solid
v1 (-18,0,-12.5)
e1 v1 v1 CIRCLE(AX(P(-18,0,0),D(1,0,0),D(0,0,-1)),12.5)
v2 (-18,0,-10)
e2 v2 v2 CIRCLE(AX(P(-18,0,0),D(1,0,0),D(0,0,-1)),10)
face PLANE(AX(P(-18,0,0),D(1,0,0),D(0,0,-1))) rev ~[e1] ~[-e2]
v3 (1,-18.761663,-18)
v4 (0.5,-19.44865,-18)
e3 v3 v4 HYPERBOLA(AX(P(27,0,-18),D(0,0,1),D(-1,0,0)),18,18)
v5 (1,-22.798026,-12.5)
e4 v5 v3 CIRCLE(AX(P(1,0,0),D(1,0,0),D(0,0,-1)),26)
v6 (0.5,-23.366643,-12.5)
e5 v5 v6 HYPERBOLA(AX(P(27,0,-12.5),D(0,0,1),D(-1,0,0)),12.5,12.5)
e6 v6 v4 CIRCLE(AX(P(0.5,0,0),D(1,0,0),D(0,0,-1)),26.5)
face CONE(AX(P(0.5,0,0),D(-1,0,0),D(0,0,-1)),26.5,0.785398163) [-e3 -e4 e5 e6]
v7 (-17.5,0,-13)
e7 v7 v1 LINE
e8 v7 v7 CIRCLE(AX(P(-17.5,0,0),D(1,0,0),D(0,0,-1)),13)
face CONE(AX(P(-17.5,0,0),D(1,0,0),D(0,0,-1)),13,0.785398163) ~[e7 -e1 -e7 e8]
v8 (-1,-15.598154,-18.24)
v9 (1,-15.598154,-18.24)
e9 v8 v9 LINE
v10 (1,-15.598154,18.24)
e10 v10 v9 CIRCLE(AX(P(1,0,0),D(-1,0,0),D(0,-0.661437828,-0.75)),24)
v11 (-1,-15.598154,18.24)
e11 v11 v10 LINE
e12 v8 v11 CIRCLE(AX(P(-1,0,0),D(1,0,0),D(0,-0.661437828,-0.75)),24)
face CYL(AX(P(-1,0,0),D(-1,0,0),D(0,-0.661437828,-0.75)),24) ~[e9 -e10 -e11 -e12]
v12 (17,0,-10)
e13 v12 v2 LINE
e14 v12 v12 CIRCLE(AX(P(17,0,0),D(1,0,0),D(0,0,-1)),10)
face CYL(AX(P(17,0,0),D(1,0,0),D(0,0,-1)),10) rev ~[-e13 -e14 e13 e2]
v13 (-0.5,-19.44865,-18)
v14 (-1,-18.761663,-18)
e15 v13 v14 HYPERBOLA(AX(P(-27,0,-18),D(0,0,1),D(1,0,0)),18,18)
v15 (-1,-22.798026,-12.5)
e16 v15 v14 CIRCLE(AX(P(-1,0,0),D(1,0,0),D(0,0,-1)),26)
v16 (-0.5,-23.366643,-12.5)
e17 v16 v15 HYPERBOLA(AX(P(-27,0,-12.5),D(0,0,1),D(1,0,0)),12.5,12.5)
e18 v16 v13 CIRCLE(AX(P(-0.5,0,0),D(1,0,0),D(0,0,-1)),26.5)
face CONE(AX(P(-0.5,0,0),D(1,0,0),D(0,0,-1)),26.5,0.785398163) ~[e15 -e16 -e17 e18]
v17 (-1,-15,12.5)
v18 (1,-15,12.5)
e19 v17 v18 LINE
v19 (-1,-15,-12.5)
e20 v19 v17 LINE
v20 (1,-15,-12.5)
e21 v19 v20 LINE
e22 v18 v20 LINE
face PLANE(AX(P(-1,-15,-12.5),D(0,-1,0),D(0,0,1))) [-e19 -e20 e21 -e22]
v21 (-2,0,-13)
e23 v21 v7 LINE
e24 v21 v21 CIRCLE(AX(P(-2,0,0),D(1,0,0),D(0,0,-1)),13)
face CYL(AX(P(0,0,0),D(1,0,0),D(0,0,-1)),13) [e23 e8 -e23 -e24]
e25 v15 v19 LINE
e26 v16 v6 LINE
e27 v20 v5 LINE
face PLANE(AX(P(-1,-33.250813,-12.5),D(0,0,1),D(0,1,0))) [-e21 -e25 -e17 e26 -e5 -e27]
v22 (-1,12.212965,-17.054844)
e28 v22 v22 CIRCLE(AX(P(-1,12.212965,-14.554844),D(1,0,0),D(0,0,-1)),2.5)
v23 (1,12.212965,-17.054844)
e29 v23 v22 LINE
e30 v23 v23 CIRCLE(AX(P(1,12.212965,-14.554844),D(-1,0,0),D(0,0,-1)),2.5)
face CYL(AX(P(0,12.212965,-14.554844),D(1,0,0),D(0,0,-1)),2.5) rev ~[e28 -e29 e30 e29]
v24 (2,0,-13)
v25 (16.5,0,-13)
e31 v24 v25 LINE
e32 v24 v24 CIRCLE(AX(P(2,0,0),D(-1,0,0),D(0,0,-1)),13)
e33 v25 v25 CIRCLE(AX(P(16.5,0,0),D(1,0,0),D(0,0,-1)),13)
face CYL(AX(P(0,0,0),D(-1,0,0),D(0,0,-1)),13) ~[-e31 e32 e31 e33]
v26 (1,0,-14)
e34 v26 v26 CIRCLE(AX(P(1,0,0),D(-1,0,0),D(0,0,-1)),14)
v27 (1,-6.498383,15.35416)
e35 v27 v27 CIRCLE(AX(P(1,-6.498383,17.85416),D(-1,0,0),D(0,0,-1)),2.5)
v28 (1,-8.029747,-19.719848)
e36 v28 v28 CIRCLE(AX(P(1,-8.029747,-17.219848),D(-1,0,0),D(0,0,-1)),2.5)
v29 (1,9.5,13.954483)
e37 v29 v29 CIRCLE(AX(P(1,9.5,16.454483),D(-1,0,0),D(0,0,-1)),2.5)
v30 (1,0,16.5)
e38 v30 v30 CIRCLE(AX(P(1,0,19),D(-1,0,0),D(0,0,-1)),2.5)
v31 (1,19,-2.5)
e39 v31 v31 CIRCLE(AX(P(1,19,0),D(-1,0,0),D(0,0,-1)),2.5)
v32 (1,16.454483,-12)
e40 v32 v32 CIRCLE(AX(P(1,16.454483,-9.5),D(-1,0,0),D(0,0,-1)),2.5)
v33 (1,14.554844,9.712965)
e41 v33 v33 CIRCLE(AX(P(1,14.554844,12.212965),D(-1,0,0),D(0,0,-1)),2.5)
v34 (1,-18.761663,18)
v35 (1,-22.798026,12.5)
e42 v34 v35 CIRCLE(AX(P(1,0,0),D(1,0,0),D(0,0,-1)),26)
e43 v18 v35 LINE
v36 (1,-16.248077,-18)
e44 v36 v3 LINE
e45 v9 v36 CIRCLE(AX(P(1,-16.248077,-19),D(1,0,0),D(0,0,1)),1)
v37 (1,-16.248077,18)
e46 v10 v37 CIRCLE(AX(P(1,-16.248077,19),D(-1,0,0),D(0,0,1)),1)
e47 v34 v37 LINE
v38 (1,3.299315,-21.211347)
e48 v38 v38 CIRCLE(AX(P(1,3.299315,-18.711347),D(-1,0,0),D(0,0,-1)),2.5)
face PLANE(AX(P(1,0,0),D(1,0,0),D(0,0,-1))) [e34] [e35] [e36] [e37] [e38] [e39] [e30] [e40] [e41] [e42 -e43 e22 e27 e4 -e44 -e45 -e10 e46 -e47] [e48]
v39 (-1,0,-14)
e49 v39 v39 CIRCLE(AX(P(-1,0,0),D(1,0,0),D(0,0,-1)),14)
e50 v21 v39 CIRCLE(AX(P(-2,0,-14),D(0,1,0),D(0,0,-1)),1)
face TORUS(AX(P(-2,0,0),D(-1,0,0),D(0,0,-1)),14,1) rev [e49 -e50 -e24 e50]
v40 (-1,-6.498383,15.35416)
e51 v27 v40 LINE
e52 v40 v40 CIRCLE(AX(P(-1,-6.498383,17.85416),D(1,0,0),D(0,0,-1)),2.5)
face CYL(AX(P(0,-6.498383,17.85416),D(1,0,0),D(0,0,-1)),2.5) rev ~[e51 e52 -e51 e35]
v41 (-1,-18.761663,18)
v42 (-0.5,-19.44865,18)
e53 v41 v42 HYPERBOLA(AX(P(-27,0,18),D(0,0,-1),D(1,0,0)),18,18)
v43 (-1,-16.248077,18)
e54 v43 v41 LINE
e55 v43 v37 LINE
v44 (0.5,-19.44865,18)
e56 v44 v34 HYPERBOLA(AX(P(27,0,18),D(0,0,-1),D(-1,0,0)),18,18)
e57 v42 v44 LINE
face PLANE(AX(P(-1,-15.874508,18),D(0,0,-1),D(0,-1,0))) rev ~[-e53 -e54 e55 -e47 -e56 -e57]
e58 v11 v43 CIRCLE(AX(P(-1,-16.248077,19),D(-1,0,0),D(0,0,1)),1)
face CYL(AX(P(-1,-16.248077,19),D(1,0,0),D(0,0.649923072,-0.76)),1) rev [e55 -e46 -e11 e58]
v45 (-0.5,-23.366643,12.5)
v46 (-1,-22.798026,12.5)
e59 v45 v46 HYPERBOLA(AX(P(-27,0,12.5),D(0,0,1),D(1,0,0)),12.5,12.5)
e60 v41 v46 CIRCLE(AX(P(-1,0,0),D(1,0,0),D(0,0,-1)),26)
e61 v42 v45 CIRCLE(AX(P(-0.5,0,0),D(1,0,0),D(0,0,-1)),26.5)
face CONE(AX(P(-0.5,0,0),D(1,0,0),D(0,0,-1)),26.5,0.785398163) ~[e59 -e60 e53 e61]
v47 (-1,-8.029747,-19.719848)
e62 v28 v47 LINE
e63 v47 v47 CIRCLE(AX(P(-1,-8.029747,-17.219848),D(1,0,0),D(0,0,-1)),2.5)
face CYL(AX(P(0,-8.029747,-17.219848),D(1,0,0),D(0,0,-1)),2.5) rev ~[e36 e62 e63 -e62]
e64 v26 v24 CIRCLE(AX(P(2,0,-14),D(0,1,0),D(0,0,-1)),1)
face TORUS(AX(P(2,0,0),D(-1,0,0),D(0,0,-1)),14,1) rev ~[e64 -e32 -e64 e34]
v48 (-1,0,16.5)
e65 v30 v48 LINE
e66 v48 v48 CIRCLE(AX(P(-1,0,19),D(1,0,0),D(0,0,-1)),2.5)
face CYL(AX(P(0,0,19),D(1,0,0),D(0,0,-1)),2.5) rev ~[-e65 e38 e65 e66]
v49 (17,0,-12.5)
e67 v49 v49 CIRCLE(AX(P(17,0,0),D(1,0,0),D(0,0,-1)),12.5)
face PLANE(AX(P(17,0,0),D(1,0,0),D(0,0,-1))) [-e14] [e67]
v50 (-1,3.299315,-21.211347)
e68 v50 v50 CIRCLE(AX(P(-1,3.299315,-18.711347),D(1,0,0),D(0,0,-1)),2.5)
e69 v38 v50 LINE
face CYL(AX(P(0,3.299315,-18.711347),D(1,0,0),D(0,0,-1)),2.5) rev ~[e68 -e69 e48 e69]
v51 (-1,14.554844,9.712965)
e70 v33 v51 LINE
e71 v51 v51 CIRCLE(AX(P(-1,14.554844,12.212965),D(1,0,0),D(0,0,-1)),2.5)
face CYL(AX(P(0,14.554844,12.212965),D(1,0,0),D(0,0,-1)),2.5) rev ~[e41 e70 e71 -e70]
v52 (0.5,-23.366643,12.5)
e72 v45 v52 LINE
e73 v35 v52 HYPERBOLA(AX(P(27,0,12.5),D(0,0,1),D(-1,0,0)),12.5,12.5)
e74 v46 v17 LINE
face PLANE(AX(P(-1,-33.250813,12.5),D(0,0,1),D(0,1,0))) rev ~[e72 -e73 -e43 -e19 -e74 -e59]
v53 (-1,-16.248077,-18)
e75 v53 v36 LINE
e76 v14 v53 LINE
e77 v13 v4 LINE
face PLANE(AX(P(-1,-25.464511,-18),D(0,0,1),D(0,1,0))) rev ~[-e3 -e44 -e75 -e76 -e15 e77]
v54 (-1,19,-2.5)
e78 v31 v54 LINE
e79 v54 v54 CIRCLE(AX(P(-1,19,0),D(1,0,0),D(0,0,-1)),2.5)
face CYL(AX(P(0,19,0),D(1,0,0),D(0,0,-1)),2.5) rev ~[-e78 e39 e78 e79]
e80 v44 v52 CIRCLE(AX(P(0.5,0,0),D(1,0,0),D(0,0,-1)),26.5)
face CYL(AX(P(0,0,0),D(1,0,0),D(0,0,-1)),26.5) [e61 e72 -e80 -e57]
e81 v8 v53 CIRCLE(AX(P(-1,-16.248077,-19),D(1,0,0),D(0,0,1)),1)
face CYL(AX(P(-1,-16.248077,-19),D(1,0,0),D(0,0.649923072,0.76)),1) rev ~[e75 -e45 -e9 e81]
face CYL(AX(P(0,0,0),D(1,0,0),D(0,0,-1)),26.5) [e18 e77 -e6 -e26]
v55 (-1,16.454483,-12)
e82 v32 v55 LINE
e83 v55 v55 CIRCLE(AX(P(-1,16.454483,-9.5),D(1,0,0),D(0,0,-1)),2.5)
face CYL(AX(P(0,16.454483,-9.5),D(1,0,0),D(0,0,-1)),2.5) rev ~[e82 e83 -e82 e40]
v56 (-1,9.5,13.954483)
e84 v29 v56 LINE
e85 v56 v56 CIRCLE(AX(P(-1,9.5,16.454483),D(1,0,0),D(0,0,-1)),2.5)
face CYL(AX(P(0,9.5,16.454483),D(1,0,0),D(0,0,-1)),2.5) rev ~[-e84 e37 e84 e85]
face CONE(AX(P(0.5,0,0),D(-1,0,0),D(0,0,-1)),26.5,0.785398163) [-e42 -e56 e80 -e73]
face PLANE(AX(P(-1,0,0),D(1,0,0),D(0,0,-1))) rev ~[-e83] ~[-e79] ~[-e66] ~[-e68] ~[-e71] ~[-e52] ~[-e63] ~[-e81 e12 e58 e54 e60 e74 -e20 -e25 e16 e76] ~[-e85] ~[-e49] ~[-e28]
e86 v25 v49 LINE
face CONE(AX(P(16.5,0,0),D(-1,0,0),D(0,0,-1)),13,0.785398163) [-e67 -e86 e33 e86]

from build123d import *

# Parameters (mm, degrees)
SKETCH1_R                       = 13
BOSS_EXTRUDE1_DEPTH             = 17
SKETCH2_R                       = 26.5
BOSS_EXTRUDE2_DEPTH             = 1
CHAMFER1_SIZE                   = 0.5
SKETCH4_R                       = 2.5
WYTNIJ_WYCI_GNI_CIE1_DEPTH      = 18
WYTNIJ_WYCI_GNI_CIE1_DEPTH_BACK = 2
SKETCH1_3_R                     = 13
DODANIE_WYCI_GNI_CIE1_DEPTH     = 18
SZKIC5_R                        = 10
WYTNIJ_WYCI_GNI_CIE2_DEPTH      = 40
WYTNIJ_WYCI_GNI_CIE3_DEPTH      = 40
SFAZOWANIE1_SIZE                = 0.5
ZAOKR_GLENIE1_R                 = 1
SZKIC7_W                        = 25
SZKIC7_H                        = 18.250813048
WYTNIJ_WYCI_GNI_CIE4_DEPTH      = 10
ZAOKR_GLENIE2_R                 = 1


with BuildPart() as part:
    # Sketch1 → Boss-Extrude1 (new body)
    with BuildSketch(Plane(origin=(0, 0, 0), x_dir=(0, 0, -1), z_dir=(1, 0, 0))):
        Circle(SKETCH1_R)
    extrude(amount=BOSS_EXTRUDE1_DEPTH)

    # Sketch2 → Boss-Extrude2 (add, symmetric)
    with BuildSketch(Plane(origin=(0, 0, 0), x_dir=(0, 0, -1), z_dir=(1, 0, 0))):
        Circle(SKETCH2_R)
    extrude(amount=BOSS_EXTRUDE2_DEPTH, both=True)

    # Chamfer1
    chamfer1_edges = [part.edges().sort_by_distance(p)[0] for p in [
        (17, 0, 13),
        (-1, 0, 26.5),
        (1, 0, 26.5),
    ]]
    chamfer(chamfer1_edges, length=CHAMFER1_SIZE)

    # Sketch4 → Wytnij-wyci_gni_cie1 (cut, two sides)
    with BuildSketch(Plane(origin=(0, 0, 0), x_dir=(0, 0, -1), z_dir=(1, 0, 0))) as wytnij_wyci_gni_cie1_sk:
        with Locations((17.219847954, -8.029746973)):
            Circle(SKETCH4_R)
        with Locations((-19, 0)):
            Circle(SKETCH4_R)
        with Locations((14.554844419, 12.212964584)):
            Circle(SKETCH4_R)
        with Locations((0, 19)):
            Circle(SKETCH4_R)
        with Locations((-17.854159795, -6.498382723)):
            Circle(SKETCH4_R)
        with Locations((-16.454482672, 9.5)):
            Circle(SKETCH4_R)
        with Locations((18.711347307, 3.299315376)):
            Circle(SKETCH4_R)
        with Locations((-12.212964584, 14.554844419)):
            Circle(SKETCH4_R)
        with Locations((9.5, 16.454482672)):
            Circle(SKETCH4_R)
    extrude(amount=WYTNIJ_WYCI_GNI_CIE1_DEPTH, mode=Mode.SUBTRACT)
    extrude(wytnij_wyci_gni_cie1_sk.sketch, amount=-WYTNIJ_WYCI_GNI_CIE1_DEPTH_BACK, mode=Mode.SUBTRACT)

    # Sketch1_3 → Dodanie-wyci_gni_cie1 (add)
    with BuildSketch(Plane(origin=(0, 0, 0), x_dir=(0, 0, -1), z_dir=(1, 0, 0))):
        Circle(SKETCH1_3_R)
    extrude(amount=-DODANIE_WYCI_GNI_CIE1_DEPTH)

    # Szkic5 → Wytnij-wyci_gni_cie2 (cut)
    with BuildSketch(Plane(origin=(17, 0, 0), x_dir=(0, 0, -1), z_dir=(1, 0, 0))):
        Circle(SZKIC5_R)
    extrude(amount=-WYTNIJ_WYCI_GNI_CIE2_DEPTH, mode=Mode.SUBTRACT)

    # Szkic4 → Wytnij-wyci_gni_cie3 (cut)
    with BuildSketch(Plane.ZY.offset(1)):
        with BuildLine():
            Line((18, -15.874507866), (18, -28.40570104))
            Line((18, -28.40570104), (34.562586152, -28.40570104))
            Line((34.562586152, -28.40570104), (34.562586152, 27.915934969))
            Line((34.562586152, 27.915934969), (-37.904902175, 28.979399158))
            Line((-37.904902175, 28.979399158), (-37.904902175, -27.460164602))
            Line((-37.904902175, -27.460164602), (-18, -25.464511286))
            Line((-18, -25.464511286), (-18, -15.874507866))
            ThreePointArc((-18, -15.874507866), (0, 24), (18, -15.874507866))
        make_face()
    extrude(amount=-WYTNIJ_WYCI_GNI_CIE3_DEPTH, mode=Mode.SUBTRACT)

    # Sfazowanie1
    sfazowanie1_edges = [part.edges().sort_by_distance(p)[0] for p in [
        (-18, 0, 13),
    ]]
    chamfer(sfazowanie1_edges, length=SFAZOWANIE1_SIZE)

    # Zaokr_glenie1
    zaokr_glenie1_edges = [part.edges().sort_by_distance(p)[0] for p in [
        (-1, 0, 13),
        (1, 0, 13),
    ]]
    fillet(zaokr_glenie1_edges, radius=ZAOKR_GLENIE1_R)

    # Szkic7 → Wytnij-wyci_gni_cie4 (cut)
    with BuildSketch(Plane.ZY.offset(1)):
        with Locations((0, -24.125406524)):
            Rectangle(SZKIC7_W, SZKIC7_H)
    extrude(amount=-WYTNIJ_WYCI_GNI_CIE4_DEPTH, mode=Mode.SUBTRACT)

    # Zaokr_glenie2
    zaokr_glenie2_edges = [part.edges().sort_by_distance(p)[0] for p in [
        (0, -15.874507866, 18),
        (0, -15.874507866, -18),
    ]]
    fillet(zaokr_glenie2_edges, radius=ZAOKR_GLENIE2_R)


solid = part.part
